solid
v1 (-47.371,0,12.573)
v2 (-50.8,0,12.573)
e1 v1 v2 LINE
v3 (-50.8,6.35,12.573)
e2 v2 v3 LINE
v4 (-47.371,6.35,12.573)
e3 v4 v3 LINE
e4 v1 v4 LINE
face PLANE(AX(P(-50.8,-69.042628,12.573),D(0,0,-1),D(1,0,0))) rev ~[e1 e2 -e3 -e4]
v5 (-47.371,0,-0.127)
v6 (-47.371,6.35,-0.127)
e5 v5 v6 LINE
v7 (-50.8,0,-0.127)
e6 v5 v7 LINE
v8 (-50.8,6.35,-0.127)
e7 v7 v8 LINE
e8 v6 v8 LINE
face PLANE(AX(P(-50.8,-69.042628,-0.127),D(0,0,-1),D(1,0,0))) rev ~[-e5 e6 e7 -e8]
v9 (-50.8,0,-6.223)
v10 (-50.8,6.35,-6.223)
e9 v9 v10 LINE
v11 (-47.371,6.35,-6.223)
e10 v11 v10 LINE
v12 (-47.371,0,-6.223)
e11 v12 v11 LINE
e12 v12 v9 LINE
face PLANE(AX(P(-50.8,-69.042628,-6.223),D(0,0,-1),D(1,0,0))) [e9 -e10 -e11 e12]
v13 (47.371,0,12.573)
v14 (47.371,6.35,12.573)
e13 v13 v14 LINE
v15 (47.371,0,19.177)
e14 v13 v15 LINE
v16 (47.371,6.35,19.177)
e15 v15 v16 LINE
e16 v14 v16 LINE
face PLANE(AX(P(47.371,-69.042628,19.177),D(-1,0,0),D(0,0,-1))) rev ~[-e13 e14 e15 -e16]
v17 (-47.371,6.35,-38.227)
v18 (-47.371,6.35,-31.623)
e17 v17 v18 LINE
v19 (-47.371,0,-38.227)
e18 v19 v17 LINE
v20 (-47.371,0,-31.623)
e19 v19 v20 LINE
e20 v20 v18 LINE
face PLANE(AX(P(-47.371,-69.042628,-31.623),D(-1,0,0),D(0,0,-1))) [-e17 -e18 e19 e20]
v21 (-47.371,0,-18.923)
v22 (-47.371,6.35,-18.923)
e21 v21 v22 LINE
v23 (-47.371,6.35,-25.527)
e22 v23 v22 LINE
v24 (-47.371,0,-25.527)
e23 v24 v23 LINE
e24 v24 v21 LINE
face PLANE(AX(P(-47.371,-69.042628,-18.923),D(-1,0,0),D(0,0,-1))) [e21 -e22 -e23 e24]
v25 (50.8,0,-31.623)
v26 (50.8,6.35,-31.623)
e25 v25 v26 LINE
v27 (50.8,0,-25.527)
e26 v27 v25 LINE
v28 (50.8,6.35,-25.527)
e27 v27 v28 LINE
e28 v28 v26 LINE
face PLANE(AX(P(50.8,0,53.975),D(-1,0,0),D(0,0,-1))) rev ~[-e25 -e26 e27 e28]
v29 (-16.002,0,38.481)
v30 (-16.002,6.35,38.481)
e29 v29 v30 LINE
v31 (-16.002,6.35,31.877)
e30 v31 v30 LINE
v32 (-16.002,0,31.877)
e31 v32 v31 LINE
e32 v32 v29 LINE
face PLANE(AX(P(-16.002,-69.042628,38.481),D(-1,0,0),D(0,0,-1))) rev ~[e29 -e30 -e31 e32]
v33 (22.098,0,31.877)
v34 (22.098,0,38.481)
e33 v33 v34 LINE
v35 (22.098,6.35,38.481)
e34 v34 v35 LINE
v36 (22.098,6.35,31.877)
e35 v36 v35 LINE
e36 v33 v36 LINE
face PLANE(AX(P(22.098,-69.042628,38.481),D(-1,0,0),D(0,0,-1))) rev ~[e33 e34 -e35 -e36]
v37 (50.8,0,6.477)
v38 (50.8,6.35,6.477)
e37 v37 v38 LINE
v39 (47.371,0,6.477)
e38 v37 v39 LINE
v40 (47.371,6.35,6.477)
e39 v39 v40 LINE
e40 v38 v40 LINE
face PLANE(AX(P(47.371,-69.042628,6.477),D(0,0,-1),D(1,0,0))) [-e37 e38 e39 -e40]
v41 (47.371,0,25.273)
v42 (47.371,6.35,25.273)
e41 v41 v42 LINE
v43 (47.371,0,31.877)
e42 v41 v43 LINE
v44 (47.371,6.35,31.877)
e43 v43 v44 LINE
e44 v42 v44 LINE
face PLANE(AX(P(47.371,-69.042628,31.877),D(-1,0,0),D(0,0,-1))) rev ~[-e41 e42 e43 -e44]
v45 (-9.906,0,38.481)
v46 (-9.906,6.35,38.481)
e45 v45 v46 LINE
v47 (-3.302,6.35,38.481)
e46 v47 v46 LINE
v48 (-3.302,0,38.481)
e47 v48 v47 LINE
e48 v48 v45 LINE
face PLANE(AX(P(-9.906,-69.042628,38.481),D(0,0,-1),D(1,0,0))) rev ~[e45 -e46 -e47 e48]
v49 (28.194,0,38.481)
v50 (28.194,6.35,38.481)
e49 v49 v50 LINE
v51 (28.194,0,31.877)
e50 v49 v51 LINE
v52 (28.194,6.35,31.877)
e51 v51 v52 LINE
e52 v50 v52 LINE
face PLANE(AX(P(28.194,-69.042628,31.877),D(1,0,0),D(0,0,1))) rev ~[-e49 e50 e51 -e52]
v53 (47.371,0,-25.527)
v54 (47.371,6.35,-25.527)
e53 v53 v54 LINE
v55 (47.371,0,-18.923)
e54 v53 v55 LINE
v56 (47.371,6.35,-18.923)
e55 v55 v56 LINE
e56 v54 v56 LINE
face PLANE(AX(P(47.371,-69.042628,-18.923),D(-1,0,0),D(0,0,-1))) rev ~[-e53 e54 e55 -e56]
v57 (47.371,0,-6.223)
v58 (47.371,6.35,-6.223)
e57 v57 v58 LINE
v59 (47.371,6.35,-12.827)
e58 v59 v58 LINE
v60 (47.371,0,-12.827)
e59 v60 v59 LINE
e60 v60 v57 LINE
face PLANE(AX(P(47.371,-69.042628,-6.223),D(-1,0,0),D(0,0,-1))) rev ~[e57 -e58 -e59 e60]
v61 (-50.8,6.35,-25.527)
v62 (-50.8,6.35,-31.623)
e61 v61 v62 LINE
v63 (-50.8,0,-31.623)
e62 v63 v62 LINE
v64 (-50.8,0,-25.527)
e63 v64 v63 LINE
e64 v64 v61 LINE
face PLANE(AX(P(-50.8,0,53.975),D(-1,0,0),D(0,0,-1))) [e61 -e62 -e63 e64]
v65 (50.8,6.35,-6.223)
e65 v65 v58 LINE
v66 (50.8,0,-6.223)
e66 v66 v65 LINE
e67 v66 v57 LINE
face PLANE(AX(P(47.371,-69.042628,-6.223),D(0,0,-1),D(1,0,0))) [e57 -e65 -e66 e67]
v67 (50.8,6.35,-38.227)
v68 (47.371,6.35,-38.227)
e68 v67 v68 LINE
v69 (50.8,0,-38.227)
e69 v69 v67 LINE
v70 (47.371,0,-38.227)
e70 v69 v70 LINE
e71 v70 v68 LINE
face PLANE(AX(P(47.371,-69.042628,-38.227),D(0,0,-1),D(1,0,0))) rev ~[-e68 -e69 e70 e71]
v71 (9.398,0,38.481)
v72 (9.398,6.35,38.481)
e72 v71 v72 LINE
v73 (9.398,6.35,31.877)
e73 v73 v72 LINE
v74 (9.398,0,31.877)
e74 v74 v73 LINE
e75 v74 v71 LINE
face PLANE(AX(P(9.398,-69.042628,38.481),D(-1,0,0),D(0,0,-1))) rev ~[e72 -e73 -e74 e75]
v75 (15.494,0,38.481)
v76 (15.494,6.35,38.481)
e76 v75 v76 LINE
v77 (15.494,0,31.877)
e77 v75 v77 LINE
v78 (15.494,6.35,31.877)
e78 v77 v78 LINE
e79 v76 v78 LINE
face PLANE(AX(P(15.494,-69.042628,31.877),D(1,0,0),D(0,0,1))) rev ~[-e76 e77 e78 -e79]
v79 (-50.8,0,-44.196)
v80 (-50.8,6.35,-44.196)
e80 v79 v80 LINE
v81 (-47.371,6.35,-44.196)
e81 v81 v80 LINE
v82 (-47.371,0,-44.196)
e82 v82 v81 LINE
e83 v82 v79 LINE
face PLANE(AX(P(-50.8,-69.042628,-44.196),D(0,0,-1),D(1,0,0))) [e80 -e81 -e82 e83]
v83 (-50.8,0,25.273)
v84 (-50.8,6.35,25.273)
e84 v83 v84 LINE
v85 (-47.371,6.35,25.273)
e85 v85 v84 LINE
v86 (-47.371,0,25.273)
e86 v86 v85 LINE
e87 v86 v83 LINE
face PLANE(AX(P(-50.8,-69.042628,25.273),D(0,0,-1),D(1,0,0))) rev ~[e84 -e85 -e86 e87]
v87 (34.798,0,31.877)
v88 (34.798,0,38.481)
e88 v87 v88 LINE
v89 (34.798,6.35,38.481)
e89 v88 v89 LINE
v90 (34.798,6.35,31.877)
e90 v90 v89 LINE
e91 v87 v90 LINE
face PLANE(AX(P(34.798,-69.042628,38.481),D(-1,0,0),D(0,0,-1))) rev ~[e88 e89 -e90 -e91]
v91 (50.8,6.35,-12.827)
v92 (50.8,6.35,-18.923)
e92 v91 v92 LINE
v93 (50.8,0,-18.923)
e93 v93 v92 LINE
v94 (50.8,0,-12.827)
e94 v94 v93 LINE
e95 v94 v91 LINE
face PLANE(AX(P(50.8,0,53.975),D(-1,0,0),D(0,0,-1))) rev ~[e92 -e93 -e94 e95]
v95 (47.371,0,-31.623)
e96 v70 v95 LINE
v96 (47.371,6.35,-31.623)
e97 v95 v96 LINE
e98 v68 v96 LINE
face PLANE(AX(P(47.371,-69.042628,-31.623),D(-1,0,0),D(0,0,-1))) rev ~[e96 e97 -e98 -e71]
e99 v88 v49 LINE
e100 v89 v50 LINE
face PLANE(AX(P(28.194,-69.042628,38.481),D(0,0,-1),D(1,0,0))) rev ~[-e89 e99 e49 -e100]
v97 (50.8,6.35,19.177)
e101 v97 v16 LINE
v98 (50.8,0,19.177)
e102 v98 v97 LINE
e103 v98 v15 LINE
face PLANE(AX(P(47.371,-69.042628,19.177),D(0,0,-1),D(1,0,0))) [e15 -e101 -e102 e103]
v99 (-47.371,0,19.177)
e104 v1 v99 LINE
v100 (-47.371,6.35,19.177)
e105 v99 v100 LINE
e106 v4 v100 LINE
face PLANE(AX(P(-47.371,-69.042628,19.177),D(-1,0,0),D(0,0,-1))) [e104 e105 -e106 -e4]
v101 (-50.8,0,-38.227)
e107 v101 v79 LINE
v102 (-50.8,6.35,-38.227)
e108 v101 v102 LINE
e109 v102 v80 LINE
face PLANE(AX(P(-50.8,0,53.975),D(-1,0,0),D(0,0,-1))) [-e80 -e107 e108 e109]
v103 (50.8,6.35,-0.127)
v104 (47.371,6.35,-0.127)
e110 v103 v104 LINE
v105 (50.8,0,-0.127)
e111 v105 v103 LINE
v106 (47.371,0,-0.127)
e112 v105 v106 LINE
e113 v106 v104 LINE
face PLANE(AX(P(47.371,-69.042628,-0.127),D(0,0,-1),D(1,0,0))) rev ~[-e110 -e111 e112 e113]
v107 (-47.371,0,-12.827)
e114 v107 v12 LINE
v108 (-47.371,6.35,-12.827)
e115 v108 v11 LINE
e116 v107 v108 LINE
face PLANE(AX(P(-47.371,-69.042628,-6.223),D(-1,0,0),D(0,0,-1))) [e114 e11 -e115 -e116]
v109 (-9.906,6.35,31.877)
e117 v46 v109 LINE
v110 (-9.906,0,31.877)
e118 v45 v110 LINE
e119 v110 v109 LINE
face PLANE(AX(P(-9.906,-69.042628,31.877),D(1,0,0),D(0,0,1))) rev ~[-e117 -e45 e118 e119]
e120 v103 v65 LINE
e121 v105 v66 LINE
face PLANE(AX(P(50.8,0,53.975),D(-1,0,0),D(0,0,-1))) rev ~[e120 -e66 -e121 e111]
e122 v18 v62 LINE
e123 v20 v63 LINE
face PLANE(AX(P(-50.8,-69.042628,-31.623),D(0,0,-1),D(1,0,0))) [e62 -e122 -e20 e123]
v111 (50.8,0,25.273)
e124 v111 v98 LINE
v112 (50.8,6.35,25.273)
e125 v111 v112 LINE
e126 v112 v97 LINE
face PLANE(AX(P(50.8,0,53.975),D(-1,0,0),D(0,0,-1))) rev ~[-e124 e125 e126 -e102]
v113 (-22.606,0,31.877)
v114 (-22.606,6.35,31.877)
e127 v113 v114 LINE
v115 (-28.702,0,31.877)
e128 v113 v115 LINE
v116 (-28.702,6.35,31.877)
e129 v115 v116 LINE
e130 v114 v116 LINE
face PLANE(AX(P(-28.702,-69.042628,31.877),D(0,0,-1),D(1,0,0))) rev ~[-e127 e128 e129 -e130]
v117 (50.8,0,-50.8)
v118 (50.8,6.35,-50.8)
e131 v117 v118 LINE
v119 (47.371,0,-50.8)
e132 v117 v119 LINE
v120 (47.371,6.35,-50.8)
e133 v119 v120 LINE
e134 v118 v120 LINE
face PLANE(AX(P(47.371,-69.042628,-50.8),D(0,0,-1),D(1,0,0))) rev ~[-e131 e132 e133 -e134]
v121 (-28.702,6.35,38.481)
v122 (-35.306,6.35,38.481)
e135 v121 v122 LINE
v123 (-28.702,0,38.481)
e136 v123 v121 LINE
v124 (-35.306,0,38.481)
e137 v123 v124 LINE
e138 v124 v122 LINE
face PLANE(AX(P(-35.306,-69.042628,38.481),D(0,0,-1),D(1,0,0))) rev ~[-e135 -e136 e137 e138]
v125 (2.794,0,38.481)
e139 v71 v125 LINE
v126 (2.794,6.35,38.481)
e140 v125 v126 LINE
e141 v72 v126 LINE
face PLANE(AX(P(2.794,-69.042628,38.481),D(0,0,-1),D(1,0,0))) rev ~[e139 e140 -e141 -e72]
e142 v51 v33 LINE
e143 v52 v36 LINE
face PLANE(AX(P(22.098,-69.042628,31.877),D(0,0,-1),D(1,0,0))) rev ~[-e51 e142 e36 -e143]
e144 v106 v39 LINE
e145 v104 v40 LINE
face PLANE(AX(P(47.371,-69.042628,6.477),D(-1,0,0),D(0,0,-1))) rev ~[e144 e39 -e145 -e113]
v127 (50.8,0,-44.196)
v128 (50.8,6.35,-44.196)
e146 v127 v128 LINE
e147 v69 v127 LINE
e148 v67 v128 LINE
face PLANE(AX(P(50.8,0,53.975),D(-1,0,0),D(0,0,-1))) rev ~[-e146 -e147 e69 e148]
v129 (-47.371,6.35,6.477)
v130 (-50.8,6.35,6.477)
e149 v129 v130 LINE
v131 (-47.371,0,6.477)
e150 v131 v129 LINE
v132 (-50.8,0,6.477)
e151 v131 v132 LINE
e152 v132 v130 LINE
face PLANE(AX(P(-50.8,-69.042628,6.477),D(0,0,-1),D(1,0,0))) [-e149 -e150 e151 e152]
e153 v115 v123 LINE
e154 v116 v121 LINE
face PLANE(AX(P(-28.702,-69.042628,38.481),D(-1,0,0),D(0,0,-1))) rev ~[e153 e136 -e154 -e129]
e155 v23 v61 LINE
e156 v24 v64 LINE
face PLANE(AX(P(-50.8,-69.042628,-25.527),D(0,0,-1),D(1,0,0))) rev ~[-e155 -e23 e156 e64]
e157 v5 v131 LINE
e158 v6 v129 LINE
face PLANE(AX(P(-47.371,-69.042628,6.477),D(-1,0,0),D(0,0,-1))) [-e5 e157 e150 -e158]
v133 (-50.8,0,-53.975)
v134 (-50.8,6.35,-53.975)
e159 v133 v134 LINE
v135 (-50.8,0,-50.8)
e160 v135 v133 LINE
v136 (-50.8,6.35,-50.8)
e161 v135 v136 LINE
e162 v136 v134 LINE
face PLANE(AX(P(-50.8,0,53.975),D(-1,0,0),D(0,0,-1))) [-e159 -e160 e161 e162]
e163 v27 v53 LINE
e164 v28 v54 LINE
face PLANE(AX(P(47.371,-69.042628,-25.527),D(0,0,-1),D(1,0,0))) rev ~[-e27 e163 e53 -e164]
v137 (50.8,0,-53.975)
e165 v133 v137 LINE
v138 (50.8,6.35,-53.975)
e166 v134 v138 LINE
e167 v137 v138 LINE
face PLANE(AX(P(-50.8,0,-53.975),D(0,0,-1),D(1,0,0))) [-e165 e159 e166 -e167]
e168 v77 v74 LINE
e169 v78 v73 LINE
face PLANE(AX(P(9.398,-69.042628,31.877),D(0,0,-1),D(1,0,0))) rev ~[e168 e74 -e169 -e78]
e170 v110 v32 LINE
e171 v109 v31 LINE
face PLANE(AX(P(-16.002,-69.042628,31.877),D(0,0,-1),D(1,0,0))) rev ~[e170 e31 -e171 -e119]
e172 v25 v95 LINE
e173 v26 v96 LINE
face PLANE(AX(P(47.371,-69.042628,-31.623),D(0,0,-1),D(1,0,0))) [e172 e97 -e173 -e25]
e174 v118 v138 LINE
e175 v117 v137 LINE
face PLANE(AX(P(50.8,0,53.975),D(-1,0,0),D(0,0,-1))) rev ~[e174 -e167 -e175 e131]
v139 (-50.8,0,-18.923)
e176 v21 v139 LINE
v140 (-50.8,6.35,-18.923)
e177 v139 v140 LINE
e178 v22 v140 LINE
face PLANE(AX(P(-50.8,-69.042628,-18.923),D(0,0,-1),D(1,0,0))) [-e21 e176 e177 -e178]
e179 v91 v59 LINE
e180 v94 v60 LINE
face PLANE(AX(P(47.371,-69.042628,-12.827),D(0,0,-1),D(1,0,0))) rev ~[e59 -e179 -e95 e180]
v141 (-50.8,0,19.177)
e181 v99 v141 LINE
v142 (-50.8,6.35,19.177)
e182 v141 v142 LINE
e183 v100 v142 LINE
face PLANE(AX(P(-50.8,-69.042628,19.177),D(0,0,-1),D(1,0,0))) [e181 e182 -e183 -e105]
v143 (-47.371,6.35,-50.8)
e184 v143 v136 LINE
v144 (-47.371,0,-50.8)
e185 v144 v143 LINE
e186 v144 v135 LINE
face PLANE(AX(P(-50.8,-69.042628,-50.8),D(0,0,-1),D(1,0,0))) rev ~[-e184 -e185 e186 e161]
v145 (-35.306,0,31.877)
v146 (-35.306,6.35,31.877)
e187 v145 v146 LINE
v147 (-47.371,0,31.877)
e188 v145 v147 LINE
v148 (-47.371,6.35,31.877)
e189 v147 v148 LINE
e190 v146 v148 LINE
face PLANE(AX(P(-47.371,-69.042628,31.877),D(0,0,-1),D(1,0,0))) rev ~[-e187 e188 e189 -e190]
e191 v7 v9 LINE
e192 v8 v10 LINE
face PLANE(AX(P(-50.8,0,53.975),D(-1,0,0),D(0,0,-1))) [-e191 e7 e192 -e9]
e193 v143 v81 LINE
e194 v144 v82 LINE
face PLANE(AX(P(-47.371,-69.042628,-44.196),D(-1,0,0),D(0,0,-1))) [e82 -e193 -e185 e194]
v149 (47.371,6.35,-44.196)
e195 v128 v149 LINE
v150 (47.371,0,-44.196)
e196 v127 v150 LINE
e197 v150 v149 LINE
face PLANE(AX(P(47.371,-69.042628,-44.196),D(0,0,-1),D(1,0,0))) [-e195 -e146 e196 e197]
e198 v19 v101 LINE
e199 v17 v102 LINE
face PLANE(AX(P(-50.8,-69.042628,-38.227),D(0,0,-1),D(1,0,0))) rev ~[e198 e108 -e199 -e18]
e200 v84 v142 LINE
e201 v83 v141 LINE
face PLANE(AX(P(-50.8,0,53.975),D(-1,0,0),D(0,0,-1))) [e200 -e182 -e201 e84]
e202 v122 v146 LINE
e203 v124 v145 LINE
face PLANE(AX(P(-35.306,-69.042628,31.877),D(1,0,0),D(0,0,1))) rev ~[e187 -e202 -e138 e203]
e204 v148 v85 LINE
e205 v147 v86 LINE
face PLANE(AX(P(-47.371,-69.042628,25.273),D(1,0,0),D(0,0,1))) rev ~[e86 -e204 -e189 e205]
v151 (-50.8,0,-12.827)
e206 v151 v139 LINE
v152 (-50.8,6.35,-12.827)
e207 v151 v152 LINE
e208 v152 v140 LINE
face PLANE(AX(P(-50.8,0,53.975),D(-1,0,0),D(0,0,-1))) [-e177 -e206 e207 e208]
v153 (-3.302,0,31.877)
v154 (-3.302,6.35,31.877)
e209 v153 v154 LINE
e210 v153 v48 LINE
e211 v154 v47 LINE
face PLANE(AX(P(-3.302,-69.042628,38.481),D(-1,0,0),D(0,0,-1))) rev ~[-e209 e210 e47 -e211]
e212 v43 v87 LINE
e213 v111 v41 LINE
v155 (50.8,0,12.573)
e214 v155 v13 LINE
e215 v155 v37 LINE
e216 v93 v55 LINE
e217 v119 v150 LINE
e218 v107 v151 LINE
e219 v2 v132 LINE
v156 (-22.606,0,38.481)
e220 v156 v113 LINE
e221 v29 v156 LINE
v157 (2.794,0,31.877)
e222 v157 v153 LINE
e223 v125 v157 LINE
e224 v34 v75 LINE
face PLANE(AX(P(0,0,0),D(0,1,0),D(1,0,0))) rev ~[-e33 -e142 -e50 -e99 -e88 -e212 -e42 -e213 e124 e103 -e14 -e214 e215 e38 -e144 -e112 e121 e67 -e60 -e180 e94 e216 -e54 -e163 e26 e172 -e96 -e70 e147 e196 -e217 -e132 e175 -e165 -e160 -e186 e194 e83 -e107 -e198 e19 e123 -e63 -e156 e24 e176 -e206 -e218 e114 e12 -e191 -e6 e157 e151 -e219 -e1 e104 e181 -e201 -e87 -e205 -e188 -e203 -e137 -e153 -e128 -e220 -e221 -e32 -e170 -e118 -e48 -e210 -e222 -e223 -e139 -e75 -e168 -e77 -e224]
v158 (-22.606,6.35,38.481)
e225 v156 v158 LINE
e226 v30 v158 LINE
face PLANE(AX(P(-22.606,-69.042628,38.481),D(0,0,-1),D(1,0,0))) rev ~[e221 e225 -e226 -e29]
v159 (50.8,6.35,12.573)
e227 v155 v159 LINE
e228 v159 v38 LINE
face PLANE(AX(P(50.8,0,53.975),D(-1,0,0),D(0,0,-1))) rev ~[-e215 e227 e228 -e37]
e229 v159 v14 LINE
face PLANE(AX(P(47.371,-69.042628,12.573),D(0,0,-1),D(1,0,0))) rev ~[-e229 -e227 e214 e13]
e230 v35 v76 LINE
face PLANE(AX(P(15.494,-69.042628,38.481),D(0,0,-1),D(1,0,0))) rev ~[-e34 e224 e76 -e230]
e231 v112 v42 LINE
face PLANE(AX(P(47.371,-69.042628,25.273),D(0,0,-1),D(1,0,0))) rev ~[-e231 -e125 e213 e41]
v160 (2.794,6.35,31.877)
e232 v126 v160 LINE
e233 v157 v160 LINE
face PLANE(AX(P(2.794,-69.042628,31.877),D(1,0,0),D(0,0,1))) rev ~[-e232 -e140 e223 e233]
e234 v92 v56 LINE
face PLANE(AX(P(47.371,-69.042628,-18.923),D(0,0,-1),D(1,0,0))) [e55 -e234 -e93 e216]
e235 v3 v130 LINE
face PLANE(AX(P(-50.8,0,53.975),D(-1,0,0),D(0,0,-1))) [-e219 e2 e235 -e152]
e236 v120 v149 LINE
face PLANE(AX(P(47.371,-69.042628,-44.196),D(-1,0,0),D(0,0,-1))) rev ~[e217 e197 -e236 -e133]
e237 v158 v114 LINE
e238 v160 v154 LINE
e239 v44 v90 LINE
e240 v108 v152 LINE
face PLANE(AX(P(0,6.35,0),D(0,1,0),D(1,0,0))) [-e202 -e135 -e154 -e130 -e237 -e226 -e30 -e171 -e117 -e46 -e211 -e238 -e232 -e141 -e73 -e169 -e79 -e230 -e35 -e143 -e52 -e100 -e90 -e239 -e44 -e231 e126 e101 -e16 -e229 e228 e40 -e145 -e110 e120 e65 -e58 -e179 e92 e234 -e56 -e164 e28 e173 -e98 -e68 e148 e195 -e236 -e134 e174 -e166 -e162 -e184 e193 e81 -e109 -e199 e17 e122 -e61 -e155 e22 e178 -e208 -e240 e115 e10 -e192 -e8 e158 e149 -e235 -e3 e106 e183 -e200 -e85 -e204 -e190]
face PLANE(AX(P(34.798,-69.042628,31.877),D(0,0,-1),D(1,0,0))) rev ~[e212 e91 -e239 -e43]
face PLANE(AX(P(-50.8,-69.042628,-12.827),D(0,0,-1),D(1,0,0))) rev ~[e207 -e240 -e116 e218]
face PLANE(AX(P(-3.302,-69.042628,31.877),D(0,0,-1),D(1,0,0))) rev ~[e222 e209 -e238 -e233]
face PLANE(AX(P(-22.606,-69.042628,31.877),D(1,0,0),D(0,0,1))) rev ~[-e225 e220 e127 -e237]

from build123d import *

# Parameters (mm, degrees)
SKETCH1_W               = 101.6
SKETCH1_H               = 107.95
BOSS_EXTRUDE1_DEPTH     = 6.35
CUT_EXTRUDE1_DEPTH      = 75.392628163
CUT_EXTRUDE1_DEPTH_BACK = 75.392628163
SKETCH2_W               = 3.429
SKETCH2_H               = 6.604


with BuildPart() as part:
    # Sketch1 → Boss-Extrude1 (new body)
    with BuildSketch(Plane(origin=(0, 0, 0), x_dir=(1, 0, 0), z_dir=(0, 1, 0))):
        Rectangle(SKETCH1_W, SKETCH1_H)
    extrude(amount=BOSS_EXTRUDE1_DEPTH)

    # Sketch2 → Cut-Extrude1 (cut, two sides: drawn at the far end of the back side and taken through both)
    with BuildSketch(Plane(origin=(0, 6.35, 0), x_dir=(1, 0, 0), z_dir=(0, 1, 0)).offset(-CUT_EXTRUDE1_DEPTH_BACK)):
        Polygon((22.098, -31.877), (28.194, -31.877), (28.194, -38.481), (34.798, -38.481), (34.798, -31.877), (47.371, -31.877), (47.371, -25.273), (50.8, -25.273), (50.8, -31.877), (50.8, -53.975), (-50.8, -53.975), (-50.8, -31.877), (-50.8, -25.273), (-47.371, -25.273), (-47.371, -31.877), (-35.306, -31.877), (-35.306, -38.481), (-28.702, -38.481), (-28.702, -31.877), (-22.606, -31.877), (-22.606, -38.481), (-16.002, -38.481), (-16.002, -31.877), (-9.906, -31.877), (-9.906, -38.481), (-3.302, -38.481), (-3.302, -31.877), (2.794, -31.877), (2.794, -38.481), (9.398, -38.481), (9.398, -31.877), (15.494, -31.877), (15.494, -38.481), (22.098, -38.481), align=None)
        with Locations((-49.0855, 47.498)):
            Rectangle(SKETCH2_W, SKETCH2_H)
        with Locations((-49.0855, 34.925)):
            Rectangle(SKETCH2_W, SKETCH2_H)
        with Locations((-49.0855, 22.225)):
            Rectangle(SKETCH2_W, SKETCH2_H)
        with Locations((-49.0855, 9.525)):
            Rectangle(SKETCH2_W, SKETCH2_H)
        with Locations((-49.0855, -3.175)):
            Rectangle(SKETCH2_W, SKETCH2_H)
        with Locations((-49.0855, -15.875)):
            Rectangle(SKETCH2_W, SKETCH2_H)
        with Locations((49.0855, -15.875)):
            Rectangle(SKETCH2_W, SKETCH2_H)
        with Locations((49.0855, -3.175)):
            Rectangle(SKETCH2_W, SKETCH2_H)
        with Locations((49.0855, 9.525)):
            Rectangle(SKETCH2_W, SKETCH2_H)
        with Locations((49.0855, 22.225)):
            Rectangle(SKETCH2_W, SKETCH2_H)
        with Locations((49.0855, 34.925)):
            Rectangle(SKETCH2_W, SKETCH2_H)
        with Locations((49.0855, 47.498)):
            Rectangle(SKETCH2_W, SKETCH2_H)
    extrude(amount=CUT_EXTRUDE1_DEPTH + CUT_EXTRUDE1_DEPTH_BACK, mode=Mode.SUBTRACT)


solid = part.part
